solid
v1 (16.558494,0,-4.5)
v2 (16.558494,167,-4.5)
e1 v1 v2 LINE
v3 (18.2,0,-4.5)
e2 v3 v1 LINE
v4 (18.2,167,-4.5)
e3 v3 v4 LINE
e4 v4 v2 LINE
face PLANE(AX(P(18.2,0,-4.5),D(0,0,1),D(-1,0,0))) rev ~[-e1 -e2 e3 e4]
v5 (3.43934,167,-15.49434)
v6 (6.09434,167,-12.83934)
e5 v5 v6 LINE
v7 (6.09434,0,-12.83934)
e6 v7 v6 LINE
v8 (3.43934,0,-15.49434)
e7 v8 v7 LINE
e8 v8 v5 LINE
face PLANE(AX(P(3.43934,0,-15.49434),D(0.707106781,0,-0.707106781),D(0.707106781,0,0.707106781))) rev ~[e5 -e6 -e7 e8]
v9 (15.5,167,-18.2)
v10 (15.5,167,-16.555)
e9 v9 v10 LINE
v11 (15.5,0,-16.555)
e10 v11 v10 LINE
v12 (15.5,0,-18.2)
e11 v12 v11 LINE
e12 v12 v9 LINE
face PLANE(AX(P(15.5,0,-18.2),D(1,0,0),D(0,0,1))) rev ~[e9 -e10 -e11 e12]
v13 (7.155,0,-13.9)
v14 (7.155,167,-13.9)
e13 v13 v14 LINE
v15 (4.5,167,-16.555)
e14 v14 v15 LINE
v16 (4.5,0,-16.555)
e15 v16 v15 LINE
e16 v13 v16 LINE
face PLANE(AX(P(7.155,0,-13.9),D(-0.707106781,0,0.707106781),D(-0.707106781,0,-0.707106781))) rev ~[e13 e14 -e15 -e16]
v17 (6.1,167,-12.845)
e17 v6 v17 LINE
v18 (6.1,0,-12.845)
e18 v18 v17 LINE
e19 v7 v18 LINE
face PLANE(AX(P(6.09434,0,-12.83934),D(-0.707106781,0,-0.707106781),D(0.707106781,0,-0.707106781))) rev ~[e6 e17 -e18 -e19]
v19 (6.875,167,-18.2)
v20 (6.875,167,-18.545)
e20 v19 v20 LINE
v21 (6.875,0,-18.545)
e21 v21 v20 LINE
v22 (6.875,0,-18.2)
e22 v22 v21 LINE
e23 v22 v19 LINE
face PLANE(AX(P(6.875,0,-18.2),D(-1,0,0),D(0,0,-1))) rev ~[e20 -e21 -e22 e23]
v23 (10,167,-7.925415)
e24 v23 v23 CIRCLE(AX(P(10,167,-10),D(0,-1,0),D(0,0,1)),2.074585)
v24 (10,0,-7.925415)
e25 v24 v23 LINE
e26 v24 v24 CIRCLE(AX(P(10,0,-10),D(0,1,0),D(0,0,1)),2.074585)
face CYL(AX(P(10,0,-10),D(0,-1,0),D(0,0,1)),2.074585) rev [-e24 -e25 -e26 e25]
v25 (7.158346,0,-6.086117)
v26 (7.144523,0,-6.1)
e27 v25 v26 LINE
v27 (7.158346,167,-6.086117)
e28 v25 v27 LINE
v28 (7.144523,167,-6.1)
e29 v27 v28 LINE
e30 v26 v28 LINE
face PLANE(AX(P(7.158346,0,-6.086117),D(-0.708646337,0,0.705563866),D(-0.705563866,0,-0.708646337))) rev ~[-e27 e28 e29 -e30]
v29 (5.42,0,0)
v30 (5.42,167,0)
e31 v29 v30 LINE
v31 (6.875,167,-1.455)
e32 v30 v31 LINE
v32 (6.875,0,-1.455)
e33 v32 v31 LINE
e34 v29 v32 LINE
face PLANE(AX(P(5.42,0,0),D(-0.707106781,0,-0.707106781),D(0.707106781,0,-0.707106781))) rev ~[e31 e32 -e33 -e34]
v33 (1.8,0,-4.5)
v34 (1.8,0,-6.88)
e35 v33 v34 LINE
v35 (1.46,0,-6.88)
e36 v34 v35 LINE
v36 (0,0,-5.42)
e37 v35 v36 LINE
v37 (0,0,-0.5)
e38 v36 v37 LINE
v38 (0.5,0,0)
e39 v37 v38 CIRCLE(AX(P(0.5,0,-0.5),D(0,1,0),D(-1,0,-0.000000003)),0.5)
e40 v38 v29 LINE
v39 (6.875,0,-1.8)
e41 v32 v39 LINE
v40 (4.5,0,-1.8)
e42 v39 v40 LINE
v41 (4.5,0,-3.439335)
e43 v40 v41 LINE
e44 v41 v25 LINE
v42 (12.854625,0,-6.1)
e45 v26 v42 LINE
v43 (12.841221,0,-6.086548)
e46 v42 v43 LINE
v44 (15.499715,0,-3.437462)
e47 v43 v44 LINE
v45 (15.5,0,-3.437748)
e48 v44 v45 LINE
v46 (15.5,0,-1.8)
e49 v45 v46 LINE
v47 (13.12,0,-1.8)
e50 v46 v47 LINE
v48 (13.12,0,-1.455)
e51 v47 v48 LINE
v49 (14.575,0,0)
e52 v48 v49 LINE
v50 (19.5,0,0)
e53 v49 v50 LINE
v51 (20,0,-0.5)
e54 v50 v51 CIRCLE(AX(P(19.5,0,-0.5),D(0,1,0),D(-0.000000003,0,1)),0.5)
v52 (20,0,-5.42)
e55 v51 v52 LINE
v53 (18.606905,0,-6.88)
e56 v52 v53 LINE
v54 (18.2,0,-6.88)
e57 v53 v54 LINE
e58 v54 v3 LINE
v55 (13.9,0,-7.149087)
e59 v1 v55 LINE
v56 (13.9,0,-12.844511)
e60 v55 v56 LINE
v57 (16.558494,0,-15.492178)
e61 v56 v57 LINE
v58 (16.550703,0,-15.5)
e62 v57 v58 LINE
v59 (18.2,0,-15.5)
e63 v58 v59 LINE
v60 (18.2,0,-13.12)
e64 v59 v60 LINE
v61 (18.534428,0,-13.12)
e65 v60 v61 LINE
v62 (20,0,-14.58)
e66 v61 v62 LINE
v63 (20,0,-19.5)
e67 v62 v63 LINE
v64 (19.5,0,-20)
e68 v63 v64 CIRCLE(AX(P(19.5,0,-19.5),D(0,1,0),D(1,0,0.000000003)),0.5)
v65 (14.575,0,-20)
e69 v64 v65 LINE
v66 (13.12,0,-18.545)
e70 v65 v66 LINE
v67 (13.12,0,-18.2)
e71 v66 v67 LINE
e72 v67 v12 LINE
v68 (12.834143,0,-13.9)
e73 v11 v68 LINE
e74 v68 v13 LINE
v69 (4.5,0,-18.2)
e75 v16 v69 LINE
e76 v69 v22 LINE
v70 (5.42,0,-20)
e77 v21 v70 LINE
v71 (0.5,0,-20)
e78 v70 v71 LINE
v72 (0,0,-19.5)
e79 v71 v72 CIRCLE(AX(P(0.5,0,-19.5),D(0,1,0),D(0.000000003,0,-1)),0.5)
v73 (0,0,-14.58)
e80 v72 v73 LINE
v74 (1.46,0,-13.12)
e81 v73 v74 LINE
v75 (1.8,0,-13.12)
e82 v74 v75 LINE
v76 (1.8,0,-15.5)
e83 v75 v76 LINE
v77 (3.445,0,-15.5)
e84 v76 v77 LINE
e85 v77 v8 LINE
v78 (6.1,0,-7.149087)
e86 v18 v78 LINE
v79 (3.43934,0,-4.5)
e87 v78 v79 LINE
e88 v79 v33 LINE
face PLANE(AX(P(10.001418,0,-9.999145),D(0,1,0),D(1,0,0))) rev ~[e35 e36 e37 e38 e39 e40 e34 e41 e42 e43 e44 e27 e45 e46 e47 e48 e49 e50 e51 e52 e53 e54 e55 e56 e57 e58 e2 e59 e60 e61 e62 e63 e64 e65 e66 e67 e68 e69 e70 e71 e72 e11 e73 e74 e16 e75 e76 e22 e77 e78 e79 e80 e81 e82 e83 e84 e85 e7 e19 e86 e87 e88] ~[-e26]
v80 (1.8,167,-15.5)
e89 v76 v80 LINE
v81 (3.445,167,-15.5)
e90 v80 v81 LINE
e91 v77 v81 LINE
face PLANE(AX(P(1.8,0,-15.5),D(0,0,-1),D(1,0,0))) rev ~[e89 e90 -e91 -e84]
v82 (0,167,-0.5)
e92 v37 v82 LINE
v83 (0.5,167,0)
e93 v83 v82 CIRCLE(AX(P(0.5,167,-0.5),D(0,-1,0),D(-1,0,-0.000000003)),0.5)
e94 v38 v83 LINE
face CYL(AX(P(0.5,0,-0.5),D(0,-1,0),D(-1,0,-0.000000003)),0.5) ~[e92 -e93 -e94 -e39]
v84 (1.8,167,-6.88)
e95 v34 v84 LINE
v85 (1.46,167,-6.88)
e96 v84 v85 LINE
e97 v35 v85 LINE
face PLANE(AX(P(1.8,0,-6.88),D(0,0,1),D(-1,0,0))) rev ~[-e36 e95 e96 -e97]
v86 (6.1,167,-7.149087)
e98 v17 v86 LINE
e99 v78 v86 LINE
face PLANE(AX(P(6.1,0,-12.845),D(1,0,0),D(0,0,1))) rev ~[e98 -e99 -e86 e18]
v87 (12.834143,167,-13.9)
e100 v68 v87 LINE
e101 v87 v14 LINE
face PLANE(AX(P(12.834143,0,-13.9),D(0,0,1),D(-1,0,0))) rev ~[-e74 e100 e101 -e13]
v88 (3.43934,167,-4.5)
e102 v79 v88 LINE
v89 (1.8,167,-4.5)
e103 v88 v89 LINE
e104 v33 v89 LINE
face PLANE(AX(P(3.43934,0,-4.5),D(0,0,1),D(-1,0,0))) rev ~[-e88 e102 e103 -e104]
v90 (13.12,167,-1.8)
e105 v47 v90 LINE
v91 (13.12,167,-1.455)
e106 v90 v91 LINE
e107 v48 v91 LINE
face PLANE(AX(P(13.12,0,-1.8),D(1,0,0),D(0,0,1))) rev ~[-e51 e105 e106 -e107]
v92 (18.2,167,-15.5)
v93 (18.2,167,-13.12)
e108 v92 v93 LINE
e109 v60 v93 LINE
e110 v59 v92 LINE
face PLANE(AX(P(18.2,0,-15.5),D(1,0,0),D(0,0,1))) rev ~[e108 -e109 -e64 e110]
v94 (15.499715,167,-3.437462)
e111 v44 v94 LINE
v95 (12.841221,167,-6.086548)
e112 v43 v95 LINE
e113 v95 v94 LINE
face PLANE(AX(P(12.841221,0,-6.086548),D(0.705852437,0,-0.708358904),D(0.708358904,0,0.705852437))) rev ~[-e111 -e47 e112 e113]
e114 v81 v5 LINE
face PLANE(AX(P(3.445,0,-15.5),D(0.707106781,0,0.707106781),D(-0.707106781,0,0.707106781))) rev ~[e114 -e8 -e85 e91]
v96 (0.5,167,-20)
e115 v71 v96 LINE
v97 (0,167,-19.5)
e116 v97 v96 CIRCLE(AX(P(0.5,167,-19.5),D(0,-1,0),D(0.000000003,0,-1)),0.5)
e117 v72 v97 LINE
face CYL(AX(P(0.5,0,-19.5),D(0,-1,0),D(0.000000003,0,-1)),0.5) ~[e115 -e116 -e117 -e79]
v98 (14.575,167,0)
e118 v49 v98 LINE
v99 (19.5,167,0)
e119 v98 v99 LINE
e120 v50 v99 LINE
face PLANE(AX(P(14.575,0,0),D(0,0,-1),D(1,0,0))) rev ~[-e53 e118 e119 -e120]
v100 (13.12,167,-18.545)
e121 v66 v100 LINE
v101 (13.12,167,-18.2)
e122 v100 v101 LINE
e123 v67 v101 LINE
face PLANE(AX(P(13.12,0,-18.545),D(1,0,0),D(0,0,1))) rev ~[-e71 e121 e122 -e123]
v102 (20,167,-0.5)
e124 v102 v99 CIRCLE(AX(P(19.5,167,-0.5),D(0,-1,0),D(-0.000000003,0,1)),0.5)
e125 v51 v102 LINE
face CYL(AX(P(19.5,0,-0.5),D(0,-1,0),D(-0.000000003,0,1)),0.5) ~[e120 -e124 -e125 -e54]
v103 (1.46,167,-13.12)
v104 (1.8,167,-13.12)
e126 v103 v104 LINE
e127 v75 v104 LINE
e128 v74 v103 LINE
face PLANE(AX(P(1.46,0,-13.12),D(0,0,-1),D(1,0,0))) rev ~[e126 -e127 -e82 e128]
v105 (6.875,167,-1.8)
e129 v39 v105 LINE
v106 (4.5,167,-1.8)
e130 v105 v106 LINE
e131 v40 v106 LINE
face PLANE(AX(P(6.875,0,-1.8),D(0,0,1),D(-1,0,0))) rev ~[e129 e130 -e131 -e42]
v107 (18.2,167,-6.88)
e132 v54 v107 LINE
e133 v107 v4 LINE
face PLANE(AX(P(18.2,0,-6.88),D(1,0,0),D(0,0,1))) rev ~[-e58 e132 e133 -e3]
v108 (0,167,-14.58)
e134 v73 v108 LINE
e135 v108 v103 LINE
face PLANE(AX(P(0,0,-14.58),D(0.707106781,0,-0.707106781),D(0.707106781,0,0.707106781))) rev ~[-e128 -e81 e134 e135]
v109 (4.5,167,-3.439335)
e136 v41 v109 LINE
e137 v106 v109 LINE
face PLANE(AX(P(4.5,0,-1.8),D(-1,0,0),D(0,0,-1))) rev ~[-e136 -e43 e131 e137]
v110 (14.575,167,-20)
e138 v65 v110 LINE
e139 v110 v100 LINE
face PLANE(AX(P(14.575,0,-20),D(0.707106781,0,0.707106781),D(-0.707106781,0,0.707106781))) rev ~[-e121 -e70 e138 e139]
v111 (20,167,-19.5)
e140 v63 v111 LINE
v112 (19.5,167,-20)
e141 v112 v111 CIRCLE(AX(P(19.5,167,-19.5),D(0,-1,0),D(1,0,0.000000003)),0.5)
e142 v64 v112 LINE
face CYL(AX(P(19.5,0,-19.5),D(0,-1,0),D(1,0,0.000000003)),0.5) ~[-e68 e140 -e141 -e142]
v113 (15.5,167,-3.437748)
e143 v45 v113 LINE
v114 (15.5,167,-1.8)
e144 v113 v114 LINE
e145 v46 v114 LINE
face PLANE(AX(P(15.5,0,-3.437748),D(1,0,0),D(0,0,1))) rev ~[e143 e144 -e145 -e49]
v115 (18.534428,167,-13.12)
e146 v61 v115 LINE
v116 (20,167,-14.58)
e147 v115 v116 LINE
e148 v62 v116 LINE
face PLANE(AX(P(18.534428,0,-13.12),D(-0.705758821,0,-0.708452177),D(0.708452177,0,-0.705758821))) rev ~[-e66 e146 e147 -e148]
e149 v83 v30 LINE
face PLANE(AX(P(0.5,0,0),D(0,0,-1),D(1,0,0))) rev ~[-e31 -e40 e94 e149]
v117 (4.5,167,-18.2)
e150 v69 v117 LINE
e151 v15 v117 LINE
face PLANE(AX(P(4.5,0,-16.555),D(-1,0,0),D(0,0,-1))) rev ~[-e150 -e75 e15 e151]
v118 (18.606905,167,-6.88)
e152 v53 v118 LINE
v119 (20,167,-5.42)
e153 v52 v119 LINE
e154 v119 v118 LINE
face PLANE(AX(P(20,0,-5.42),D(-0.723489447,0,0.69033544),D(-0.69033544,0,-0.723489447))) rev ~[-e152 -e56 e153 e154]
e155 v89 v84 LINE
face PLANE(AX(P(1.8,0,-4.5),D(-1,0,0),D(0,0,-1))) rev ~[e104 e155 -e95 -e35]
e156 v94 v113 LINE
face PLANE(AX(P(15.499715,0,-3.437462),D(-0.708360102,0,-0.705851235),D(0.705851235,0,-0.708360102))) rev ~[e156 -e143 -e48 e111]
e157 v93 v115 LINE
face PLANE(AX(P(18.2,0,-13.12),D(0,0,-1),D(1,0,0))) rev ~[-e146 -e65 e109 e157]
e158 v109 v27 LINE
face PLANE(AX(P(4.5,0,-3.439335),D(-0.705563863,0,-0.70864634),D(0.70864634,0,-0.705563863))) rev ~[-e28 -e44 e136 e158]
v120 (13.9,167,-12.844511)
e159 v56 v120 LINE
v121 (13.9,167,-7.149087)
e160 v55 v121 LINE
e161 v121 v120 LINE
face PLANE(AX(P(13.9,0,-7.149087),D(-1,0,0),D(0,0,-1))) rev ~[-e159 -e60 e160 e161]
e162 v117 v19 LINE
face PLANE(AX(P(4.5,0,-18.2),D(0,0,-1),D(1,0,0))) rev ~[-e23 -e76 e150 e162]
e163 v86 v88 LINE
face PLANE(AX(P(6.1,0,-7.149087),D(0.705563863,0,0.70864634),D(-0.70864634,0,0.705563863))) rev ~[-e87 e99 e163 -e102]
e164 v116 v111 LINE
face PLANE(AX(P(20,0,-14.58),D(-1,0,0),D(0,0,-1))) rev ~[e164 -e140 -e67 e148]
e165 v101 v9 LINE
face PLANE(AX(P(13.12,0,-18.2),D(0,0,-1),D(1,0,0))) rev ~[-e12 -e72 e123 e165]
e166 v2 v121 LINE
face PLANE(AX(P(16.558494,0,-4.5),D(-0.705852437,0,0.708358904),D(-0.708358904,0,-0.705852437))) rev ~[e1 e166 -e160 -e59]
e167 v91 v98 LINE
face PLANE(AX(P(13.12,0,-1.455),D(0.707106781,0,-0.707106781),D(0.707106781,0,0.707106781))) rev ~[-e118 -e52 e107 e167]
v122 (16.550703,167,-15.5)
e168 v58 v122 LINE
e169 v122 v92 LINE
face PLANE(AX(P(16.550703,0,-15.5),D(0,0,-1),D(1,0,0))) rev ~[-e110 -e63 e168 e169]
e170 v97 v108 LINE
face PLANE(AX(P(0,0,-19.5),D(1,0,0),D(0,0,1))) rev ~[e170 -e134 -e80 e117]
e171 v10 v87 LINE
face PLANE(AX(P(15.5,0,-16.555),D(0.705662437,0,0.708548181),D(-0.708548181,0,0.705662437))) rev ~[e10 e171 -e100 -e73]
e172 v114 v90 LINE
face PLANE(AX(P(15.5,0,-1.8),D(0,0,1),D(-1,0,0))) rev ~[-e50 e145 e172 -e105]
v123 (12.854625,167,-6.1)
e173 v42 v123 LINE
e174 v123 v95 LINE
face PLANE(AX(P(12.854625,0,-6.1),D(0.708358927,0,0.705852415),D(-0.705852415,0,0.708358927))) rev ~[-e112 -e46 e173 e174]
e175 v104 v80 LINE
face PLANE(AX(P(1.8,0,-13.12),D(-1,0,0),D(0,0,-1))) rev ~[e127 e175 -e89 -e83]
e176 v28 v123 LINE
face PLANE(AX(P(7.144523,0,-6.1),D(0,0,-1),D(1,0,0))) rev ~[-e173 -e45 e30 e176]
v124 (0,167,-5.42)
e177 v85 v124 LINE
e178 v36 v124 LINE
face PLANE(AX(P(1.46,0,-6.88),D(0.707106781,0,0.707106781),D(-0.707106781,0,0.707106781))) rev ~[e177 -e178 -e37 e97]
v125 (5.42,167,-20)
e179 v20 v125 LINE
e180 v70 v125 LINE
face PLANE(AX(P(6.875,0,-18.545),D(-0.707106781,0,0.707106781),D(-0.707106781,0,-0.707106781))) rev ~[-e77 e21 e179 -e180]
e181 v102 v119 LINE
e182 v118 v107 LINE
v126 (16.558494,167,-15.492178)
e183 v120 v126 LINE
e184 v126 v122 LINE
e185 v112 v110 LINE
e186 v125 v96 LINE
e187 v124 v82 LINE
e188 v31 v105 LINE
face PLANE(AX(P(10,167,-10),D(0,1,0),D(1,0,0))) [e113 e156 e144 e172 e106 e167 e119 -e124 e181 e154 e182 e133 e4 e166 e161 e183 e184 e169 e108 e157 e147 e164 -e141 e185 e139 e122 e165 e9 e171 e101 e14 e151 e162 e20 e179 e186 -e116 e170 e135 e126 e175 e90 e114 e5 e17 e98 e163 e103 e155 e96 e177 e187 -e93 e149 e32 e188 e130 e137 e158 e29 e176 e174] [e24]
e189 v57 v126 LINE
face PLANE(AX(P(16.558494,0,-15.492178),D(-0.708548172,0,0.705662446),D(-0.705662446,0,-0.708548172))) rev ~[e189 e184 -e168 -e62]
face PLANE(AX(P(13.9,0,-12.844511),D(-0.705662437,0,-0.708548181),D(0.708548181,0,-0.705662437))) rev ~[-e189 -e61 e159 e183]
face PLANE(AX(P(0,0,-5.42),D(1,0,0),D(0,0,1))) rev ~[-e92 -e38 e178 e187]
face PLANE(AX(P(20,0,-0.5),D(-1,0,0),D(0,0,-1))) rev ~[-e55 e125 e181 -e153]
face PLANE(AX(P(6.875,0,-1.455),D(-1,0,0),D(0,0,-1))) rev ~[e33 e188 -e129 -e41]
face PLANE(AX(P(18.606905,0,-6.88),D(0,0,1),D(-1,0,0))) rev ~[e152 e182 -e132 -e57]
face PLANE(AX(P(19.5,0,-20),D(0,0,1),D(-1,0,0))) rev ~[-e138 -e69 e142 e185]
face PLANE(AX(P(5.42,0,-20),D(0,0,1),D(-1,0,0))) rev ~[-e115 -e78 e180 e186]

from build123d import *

# Parameters (mm, degrees)
SKETCH1_R             = 2.074585303
BOSS_EXTRUDE2_DEPTH   = 1000
CROQUIS1_W            = 21.960617296
CROQUIS1_H            = 22.681220878
CORTAR_EXTRUIR1_DEPTH = 833


with BuildPart() as part:
    # Sketch1 → Boss-Extrude2 (new body)
    with BuildSketch(Plane(origin=(0, 0, 0), x_dir=(1, 0, 0), z_dir=(0, 1, 0))):
        with BuildLine():
            Line((6.1, 12.845), (6.1, 7.149086807))
            Line((6.1, 7.149086807), (3.439339828, 4.5))
            Line((3.439339828, 4.5), (1.8, 4.5))
            Line((1.8, 4.5), (1.8, 6.88))
            Line((1.8, 6.88), (1.46, 6.88))
            Line((1.46, 6.88), (0, 5.42))
            Line((0, 5.42), (0, 0.5))
            ThreePointArc((0, 0.5), (0.146446609, 0.146446609), (0.5, 0))
            Line((0.5, 0), (5.42, 0))
            Line((5.42, 0), (6.875, 1.455))
            Line((6.875, 1.455), (6.875, 1.8))
            Line((6.875, 1.8), (4.5, 1.8))
            Line((4.5, 1.8), (4.5, 3.4393348))
            Line((4.5, 3.4393348), (7.158345795, 6.086117297))
            Line((7.158345795, 6.086117297), (7.144523479, 6.1))
            Line((7.144523479, 6.1), (12.854625295, 6.1))
            Line((12.854625295, 6.1), (12.841221344, 6.086548451))
            Line((12.841221344, 6.086548451), (15.499715, 3.437461644))
            Line((15.499715, 3.437461644), (15.5, 3.437747657))
            Line((15.5, 3.437747657), (15.5, 1.8))
            Line((15.5, 1.8), (13.12, 1.8))
            Line((13.12, 1.8), (13.12, 1.455))
            Line((13.12, 1.455), (14.575, 0))
            Line((14.575, 0), (19.5, 0))
            ThreePointArc((19.5, 0), (19.853553391, 0.146446609), (20, 0.5))
            Line((20, 0.5), (20, 5.42))
            Line((20, 5.42), (18.606904708, 6.88))
            Line((18.606904708, 6.88), (18.2, 6.88))
            Line((18.2, 6.88), (18.2, 4.5))
            Line((18.2, 4.5), (16.558493656, 4.5))
            Line((16.558493656, 4.5), (13.9, 7.149086807))
            Line((13.9, 7.149086807), (13.9, 12.844511469))
            Line((13.9, 12.844511469), (16.558493656, 15.492177728))
            Line((16.558493656, 15.492177728), (16.550703242, 15.5))
            Line((16.550703242, 15.5), (18.2, 15.5))
            Line((18.2, 15.5), (18.2, 13.12))
            Line((18.2, 13.12), (18.534428266, 13.12))
            Line((18.534428266, 13.12), (20, 14.58))
            Line((20, 14.58), (20, 19.5))
            ThreePointArc((20, 19.5), (19.853553391, 19.853553391), (19.5, 20))
            Line((19.5, 20), (14.575, 20))
            Line((14.575, 20), (13.12, 18.545))
            Line((13.12, 18.545), (13.12, 18.2))
            Line((13.12, 18.2), (15.5, 18.2))
            Line((15.5, 18.2), (15.5, 16.555))
            Line((15.5, 16.555), (12.834142613, 13.9))
            Line((12.834142613, 13.9), (7.155, 13.9))
            Line((7.155, 13.9), (4.5, 16.555))
            Line((4.5, 16.555), (4.5, 18.2))
            Line((4.5, 18.2), (6.875, 18.2))
            Line((6.875, 18.2), (6.875, 18.545))
            Line((6.875, 18.545), (5.42, 20))
            Line((5.42, 20), (0.5, 20))
            ThreePointArc((0.5, 20), (0.146446609, 19.853553391), (0, 19.5))
            Line((0, 19.5), (0, 14.58))
            Line((0, 14.58), (1.46, 13.12))
            Line((1.46, 13.12), (1.8, 13.12))
            Line((1.8, 13.12), (1.8, 15.5))
            Line((1.8, 15.5), (3.445, 15.5))
            Line((3.445, 15.5), (3.439339828, 15.494339828))
            Line((3.439339828, 15.494339828), (6.094339828, 12.839339828))
            Line((6.094339828, 12.839339828), (6.1, 12.845))
        make_face()
        with Locations((10, 10)):
            Circle(SKETCH1_R, mode=Mode.SUBTRACT)
    extrude(amount=BOSS_EXTRUDE2_DEPTH)

    # Croquis1 → Cortar-Extruir1 (cut)
    with BuildSketch(Plane(origin=(0, 1000, 0), x_dir=(1, 0, 0), z_dir=(0, 1, 0))):
        with Locations((10, 10)):
            Rectangle(CROQUIS1_W, CROQUIS1_H)
    extrude(amount=-CORTAR_EXTRUIR1_DEPTH, mode=Mode.SUBTRACT)


solid = part.part
